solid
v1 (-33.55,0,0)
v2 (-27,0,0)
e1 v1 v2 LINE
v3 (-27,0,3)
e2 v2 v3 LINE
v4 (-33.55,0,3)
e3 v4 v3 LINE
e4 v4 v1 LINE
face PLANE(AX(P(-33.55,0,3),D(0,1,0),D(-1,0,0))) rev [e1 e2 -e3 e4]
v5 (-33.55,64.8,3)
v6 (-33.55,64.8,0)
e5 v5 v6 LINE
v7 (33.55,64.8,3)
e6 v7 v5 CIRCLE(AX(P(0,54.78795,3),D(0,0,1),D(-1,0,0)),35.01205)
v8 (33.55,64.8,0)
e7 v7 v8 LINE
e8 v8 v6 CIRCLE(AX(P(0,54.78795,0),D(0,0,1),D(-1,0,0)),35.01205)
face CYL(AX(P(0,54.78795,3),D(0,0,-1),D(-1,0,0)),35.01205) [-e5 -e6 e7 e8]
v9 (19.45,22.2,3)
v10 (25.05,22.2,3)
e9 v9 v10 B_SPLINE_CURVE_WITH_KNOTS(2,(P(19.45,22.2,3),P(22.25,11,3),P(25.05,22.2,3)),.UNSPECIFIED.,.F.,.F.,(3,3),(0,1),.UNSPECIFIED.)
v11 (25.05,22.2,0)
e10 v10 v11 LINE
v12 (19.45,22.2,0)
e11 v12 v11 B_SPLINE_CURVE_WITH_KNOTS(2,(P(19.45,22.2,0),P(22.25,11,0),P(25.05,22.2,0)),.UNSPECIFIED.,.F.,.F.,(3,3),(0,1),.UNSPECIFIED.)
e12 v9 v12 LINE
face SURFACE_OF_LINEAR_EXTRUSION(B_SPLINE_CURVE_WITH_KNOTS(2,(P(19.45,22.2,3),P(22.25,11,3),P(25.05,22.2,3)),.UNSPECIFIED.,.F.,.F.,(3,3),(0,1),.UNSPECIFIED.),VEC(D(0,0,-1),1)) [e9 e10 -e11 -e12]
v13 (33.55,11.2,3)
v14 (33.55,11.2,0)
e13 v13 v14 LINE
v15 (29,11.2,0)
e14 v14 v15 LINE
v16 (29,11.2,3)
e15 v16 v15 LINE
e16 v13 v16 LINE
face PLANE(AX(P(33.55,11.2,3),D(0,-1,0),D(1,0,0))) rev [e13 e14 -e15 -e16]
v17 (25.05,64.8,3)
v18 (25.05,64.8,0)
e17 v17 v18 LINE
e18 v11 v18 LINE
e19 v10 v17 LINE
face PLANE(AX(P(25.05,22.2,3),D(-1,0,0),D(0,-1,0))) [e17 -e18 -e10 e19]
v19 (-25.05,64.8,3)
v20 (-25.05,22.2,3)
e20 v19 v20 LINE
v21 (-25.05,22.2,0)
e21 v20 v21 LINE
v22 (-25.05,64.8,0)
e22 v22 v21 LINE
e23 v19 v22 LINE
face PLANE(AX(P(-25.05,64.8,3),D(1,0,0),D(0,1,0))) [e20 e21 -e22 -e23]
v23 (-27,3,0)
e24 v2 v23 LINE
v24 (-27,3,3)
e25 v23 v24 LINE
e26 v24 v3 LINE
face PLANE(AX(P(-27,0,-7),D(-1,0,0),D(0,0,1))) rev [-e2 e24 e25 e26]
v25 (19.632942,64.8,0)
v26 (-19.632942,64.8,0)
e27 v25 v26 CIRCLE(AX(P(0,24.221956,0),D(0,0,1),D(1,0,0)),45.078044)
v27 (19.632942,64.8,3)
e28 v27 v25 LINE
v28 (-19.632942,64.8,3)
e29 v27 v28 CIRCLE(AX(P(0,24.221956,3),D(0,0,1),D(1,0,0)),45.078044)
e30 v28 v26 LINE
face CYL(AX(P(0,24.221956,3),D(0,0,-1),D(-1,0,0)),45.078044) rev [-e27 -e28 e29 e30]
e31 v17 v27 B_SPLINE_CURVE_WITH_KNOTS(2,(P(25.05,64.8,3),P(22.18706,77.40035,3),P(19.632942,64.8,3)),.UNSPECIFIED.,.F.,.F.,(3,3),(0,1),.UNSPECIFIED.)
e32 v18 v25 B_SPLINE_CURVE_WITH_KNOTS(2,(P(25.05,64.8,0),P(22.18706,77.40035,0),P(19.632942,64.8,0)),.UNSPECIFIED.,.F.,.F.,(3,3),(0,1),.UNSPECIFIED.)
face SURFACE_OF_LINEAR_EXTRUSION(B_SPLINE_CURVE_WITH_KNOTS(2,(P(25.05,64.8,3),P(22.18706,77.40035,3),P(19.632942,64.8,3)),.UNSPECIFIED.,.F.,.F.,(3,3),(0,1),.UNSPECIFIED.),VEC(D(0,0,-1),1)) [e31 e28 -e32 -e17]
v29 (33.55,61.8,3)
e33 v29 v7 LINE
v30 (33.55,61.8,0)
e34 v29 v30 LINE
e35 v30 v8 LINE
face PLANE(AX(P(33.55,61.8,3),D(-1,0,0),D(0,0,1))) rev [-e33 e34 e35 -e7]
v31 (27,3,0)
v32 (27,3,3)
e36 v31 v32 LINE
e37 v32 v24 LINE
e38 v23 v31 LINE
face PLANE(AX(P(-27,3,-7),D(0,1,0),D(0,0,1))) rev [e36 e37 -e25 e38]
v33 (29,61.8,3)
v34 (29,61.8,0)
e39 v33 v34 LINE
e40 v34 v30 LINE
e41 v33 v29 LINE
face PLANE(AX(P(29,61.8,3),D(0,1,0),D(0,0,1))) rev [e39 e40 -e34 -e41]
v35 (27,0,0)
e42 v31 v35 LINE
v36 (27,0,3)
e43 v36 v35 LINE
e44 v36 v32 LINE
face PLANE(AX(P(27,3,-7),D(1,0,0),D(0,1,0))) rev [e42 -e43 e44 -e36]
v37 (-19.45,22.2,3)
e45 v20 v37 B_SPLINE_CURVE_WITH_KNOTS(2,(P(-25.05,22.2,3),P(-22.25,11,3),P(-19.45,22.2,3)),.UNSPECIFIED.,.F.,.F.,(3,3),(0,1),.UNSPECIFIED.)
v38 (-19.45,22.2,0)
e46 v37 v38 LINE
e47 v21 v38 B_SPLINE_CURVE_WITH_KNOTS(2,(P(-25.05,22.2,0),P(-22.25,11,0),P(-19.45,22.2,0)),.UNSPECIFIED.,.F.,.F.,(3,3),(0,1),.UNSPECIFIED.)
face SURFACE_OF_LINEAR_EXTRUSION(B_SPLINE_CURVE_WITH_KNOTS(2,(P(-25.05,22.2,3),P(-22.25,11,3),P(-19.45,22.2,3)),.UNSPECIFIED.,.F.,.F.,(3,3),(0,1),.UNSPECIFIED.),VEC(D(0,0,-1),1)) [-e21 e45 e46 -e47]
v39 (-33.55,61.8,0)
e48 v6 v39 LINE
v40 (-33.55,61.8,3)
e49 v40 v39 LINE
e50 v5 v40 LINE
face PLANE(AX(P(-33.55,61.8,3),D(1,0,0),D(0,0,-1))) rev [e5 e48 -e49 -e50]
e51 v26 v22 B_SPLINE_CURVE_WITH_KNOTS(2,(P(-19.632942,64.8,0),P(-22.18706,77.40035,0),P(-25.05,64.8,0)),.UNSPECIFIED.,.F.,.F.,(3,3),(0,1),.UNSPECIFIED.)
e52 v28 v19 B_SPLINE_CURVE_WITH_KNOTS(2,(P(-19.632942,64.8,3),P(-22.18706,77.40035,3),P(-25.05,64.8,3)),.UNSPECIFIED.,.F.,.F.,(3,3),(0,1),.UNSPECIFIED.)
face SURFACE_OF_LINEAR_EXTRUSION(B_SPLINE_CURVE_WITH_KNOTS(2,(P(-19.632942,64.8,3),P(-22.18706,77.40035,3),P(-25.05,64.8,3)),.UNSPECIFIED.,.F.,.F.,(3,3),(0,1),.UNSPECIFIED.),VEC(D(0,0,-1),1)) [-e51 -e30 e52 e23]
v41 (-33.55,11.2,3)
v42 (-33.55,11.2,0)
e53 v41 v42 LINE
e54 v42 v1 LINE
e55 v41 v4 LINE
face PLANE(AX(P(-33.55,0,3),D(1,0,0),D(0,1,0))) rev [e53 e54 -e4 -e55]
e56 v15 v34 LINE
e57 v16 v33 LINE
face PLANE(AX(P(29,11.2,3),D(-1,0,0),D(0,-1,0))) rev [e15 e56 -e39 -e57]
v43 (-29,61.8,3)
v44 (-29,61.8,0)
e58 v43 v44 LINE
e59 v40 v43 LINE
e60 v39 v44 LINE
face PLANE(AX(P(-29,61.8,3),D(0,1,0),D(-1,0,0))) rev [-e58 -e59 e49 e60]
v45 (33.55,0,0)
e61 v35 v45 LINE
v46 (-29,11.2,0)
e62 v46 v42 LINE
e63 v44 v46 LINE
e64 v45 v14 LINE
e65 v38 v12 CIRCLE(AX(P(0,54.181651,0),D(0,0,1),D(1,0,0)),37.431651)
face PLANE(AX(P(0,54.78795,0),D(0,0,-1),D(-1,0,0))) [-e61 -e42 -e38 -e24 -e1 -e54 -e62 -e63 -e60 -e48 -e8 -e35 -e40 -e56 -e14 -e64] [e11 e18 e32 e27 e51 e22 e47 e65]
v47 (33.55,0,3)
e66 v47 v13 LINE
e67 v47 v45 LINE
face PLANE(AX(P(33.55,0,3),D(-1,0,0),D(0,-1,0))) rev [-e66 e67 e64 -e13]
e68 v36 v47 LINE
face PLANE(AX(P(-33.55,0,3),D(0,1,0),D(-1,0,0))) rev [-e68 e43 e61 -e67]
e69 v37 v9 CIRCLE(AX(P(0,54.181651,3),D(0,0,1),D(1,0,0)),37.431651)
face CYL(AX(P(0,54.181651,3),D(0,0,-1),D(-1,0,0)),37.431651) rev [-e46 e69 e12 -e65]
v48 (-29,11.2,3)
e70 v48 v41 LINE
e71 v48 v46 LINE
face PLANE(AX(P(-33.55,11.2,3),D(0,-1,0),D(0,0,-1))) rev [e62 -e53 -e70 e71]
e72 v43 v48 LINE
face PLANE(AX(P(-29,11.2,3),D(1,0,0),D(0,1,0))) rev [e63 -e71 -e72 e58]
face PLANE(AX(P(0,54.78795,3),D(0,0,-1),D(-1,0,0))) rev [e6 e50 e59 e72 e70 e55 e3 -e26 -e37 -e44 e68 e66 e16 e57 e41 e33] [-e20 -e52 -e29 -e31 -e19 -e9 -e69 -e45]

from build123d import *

# Parameters (mm, degrees)
BOSS_EXTRUDE1_DEPTH = 3
SKETCH4_W           = 54
SKETCH4_H           = 3
CUT_EXTRUDE1_DEPTH  = 10


with BuildPart() as part:
    # Sketch2 → Boss-Extrude1 (new body)
    with BuildSketch(Plane.XY):
        with BuildLine():
            Line((-33.55, 0), (33.55, 0))
            Line((33.55, 0), (33.55, 11.2))
            Line((33.55, 11.2), (29, 11.2))
            Line((29, 11.2), (29, 61.8))
            Line((29, 61.8), (33.55, 61.8))
            Line((33.55, 61.8), (33.55, 64.8))
            ThreePointArc((33.55, 64.8), (0, 89.8), (-33.55, 64.8))
            Line((-33.55, 64.8), (-33.55, 61.8))
            Line((-33.55, 61.8), (-29, 61.8))
            Line((-29, 61.8), (-29, 11.2))
            Line((-29, 11.2), (-33.55, 11.2))
            Line((-33.55, 11.2), (-33.55, 0))
        make_face()
        with BuildLine():
            Line((-25.05, 64.8), (-25.05, 22.2))
            add(Edge.make_bspline(
                [(-25.05, 22.2), (-22.25, 11), (-19.45, 22.2)],
                knots=[0, 0, 0, 1, 1, 1], degree=2))
            ThreePointArc((-19.45, 22.2), (0, 16.75), (19.45, 22.2))
            add(Edge.make_bspline(
                [(19.45, 22.2), (22.25, 11), (25.05, 22.2)],
                knots=[0, 0, 0, 1, 1, 1], degree=2))
            Line((25.05, 22.2), (25.05, 64.8))
            add(Edge.make_bspline(
                [(19.632941567, 64.8), (22.187059742, 77.400349627), (25.05, 64.8)],
                knots=[0, 0, 0, 1, 1, 1], degree=2))
            ThreePointArc((19.632941567, 64.8), (0, 69.3), (-19.632941567, 64.8))
            add(Edge.make_bspline(
                [(-25.05, 64.8), (-22.187059742, 77.400349627), (-19.632941567, 64.8)],
                knots=[0, 0, 0, 1, 1, 1], degree=2))
        make_face(mode=Mode.SUBTRACT)
    extrude(amount=BOSS_EXTRUDE1_DEPTH)

    # Sketch4 → Cut-Extrude1 (cut)
    with BuildSketch(Plane.XY.offset(3)):
        with Locations((0, 1.5)):
            Rectangle(SKETCH4_W, SKETCH4_H)
    extrude(amount=-CUT_EXTRUDE1_DEPTH, mode=Mode.SUBTRACT)


solid = part.part
